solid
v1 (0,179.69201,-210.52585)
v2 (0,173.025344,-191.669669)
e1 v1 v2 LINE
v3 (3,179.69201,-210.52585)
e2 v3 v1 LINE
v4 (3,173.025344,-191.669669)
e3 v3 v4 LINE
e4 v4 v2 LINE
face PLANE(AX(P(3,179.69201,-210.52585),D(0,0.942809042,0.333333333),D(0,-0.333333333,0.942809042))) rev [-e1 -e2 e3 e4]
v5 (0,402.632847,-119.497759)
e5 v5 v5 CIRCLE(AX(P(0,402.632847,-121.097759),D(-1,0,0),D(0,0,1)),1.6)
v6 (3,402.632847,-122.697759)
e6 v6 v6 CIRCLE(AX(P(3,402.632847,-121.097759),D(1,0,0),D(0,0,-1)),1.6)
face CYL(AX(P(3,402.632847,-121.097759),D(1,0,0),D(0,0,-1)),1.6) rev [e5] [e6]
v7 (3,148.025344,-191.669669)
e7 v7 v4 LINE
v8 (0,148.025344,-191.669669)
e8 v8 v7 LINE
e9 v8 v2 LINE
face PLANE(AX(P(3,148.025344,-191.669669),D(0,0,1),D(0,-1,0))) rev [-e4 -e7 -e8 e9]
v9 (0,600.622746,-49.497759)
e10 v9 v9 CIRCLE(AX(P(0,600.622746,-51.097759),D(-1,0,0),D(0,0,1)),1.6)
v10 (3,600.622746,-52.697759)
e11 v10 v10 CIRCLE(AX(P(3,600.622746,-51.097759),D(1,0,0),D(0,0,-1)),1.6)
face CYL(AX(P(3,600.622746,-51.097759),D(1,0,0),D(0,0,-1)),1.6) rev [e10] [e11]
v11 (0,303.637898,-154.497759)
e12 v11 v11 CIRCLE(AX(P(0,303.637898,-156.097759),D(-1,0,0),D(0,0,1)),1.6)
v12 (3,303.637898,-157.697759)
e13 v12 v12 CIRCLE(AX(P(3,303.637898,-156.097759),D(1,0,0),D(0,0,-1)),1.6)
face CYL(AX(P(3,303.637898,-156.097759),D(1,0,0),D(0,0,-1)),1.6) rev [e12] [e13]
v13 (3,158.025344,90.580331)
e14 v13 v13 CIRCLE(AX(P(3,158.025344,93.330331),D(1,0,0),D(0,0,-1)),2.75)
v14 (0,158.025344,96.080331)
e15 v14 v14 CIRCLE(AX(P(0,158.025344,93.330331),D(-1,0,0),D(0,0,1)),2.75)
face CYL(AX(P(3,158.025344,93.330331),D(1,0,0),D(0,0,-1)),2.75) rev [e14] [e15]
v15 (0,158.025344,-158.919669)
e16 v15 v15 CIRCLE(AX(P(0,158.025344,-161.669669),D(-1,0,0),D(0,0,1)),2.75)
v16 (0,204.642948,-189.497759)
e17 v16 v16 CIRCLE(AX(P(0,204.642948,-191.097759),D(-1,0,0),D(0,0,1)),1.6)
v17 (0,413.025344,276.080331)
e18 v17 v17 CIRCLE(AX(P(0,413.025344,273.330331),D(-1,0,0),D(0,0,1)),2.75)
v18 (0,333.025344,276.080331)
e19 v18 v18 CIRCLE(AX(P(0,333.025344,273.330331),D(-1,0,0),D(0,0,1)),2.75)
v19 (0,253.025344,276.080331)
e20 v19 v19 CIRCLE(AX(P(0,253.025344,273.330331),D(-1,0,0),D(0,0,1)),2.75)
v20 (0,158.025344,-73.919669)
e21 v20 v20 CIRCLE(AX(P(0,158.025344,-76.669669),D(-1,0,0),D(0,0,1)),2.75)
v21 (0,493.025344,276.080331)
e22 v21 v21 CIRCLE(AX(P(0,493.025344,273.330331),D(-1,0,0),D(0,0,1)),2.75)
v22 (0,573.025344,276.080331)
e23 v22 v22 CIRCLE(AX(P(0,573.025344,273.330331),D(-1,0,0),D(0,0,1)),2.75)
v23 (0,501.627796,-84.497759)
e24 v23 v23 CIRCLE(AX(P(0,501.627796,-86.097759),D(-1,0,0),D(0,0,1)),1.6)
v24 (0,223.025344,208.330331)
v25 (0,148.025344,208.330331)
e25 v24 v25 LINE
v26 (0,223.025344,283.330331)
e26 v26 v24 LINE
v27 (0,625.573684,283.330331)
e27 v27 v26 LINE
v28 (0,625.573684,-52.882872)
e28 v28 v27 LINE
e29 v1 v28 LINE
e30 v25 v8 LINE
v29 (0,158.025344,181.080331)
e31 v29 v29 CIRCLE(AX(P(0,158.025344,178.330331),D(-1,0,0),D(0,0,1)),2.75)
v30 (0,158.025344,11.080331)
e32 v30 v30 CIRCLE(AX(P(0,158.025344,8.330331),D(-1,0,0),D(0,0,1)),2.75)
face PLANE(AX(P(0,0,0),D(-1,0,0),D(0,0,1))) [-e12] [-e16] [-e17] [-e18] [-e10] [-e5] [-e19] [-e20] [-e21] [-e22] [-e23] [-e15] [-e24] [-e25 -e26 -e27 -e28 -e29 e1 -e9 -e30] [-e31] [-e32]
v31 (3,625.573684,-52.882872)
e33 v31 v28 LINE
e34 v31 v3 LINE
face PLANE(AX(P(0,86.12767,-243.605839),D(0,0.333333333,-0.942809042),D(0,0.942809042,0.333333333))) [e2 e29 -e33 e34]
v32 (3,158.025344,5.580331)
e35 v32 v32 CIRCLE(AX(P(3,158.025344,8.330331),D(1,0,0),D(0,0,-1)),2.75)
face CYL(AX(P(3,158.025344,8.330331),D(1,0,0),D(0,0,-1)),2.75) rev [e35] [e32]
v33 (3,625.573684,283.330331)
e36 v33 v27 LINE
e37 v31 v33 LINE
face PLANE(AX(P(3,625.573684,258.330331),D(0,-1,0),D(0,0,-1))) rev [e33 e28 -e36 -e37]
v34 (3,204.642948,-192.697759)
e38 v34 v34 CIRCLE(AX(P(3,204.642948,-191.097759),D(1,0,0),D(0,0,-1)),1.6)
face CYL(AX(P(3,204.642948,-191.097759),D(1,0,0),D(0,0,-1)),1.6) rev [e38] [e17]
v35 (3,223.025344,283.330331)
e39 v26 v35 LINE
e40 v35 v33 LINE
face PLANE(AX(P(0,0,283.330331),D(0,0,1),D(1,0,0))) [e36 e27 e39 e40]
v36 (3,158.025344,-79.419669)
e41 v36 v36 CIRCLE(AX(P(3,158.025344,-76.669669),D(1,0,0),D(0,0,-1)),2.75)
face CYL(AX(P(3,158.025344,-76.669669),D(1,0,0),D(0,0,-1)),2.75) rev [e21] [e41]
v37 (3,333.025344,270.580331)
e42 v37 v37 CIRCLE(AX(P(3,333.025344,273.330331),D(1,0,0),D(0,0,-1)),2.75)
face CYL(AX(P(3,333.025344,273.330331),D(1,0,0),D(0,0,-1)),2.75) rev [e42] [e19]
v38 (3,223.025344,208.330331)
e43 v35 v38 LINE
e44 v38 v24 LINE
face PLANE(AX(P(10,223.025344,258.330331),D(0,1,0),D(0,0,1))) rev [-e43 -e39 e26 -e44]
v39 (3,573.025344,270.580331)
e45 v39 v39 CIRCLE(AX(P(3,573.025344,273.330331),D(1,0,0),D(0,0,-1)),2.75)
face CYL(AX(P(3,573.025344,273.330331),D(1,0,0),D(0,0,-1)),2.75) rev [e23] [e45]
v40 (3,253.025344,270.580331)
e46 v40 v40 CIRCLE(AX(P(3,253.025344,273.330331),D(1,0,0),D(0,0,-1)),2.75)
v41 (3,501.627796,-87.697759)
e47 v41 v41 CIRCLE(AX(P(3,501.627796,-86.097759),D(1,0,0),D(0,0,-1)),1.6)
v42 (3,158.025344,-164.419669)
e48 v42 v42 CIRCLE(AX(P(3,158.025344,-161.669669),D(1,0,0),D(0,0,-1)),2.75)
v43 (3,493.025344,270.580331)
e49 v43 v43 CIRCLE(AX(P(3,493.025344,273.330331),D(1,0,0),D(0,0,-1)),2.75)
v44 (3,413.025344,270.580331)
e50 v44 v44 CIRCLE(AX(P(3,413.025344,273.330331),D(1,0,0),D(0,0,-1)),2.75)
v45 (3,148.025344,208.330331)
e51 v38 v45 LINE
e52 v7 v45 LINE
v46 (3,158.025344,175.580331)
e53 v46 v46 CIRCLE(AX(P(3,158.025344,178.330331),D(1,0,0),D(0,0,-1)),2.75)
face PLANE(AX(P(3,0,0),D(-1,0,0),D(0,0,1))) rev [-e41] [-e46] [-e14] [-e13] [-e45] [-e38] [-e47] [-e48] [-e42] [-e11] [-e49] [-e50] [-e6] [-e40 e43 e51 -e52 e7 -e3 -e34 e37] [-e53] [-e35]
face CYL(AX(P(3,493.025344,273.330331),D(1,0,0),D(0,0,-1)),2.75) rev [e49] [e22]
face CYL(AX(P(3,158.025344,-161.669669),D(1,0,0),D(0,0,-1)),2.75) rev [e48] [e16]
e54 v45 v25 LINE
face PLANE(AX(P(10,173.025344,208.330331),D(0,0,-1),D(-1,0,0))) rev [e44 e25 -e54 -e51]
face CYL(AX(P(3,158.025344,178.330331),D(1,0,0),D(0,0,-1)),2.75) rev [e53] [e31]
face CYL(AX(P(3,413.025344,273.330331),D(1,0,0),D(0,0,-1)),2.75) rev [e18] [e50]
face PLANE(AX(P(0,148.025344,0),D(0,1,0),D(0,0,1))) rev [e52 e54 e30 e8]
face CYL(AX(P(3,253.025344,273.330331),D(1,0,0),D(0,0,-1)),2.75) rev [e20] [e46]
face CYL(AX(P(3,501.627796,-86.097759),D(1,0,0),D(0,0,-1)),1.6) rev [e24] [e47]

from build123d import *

# Parameters (mm, degrees)
BOSS_EXTRUDE1_DEPTH        = 3
SKETCH2_W                  = 50
SKETCH2_H                  = 50
CUT_EXTRUDE1_DEPTH         = 10
SKETCH3_W                  = 3
SKETCH3_H                  = 480
BOSS_EXTRUDE2_DEPTH        = 20
SKETCH5_W                  = 3
SKETCH5_H                  = 400
BOSS_EXTRUDE3_DEPTH        = 25
SKETCH6_W                  = 3
SKETCH6_H                  = 402.54833996
BOSS_EXTRUDE4_DEPTH        = 25
SKETCH7_W                  = 25.200898878
SKETCH7_H                  = 14.317309472
CUT_EXTRUDE2_DEPTH         = 25
F_3_2_3_2_DIAMETER_HOLE1_D = 3.2
F_5_5_5_5_DIAMETER_HOLE1_D = 5.5


with BuildPart() as part:
    # Sketch1 → Boss-Extrude1 (new body)
    with BuildSketch(Plane(origin=(0, 0, 0), x_dir=(0, 0, -1), z_dir=(1, 0, 0))):
        Polygon((31.669668796, 625.573683549), (191.669668796, 173.025343589), (-258.330331204, 173.025343589), (-258.330331204, 625.573683549), align=None)
    extrude(amount=BOSS_EXTRUDE1_DEPTH)

    # Sketch2 → Cut-Extrude1 (cut)
    with BuildSketch(Plane.ZY):
        with Locations((233.330331204, 198.025343589)):
            Rectangle(SKETCH2_W, SKETCH2_H)
    extrude(amount=-CUT_EXTRUDE1_DEPTH, mode=Mode.SUBTRACT)

    # Sketch3 → Boss-Extrude2 (add)
    with BuildSketch(Plane(origin=(0, 79.461003756, -224.749658383), x_dir=(-1, 0, 0), z_dir=(0, 0.3333333333333335, -0.9428090415820635))):
        with Locations((-1.5, 339.23996876)):
            Rectangle(SKETCH3_W, SKETCH3_H)
    extrude(amount=BOSS_EXTRUDE2_DEPTH)

    # Sketch5 → Boss-Extrude3 (add)
    with BuildSketch(Plane.XZ.offset(-173.025343589)):
        with Locations((1.5, 8.330331204)):
            Rectangle(SKETCH5_W, SKETCH5_H)
    extrude(amount=BOSS_EXTRUDE3_DEPTH)

    # Sketch6 → Boss-Extrude4 (add)
    with BuildSketch(Plane.XY.offset(258.330331204)):
        with Locations((1.5, 424.299513569)):
            Rectangle(SKETCH6_W, SKETCH6_H)
    extrude(amount=BOSS_EXTRUDE4_DEPTH)

    # Sketch7 → Cut-Extrude2 (cut)
    with BuildSketch(Plane(origin=(3, 0, 0), x_dir=(0, 0, -1), z_dir=(1, 0, 0))):
        with Locations((44.270118235, 632.732338285)):
            Rectangle(SKETCH7_W, SKETCH7_H)
    extrude(amount=-CUT_EXTRUDE2_DEPTH, mode=Mode.SUBTRACT)

    # Ø3.2 (3.2) Diameter Hole1 (through all)
    with Locations(Plane(origin=(3, 0, 0), x_dir=(0, 0, -1), z_dir=(1, 0, 0))):
        with Locations((191.097759212, 204.64294817), (156.097759212, 303.637897536), (121.097759212, 402.632846902), (86.097759212, 501.627796268), (51.097759212, 600.622745635)):
            Hole(F_3_2_3_2_DIAMETER_HOLE1_D / 2)

    # Ø5.5 (5.5) Diameter Hole1 (through all)
    with Locations(Plane(origin=(3, 0, 0), x_dir=(0, 0, -1), z_dir=(1, 0, 0))):
        with Locations((161.669668796, 158.025343589), (76.669668796, 158.025343589), (-8.330331204, 158.025343589), (-93.330331204, 158.025343589), (-178.330331204, 158.025343589), (-273.330331204, 253.025343589), (-273.330331204, 333.025343589), (-273.330331204, 413.025343589), (-273.330331204, 493.025343589), (-273.330331204, 573.025343589)):
            Hole(F_5_5_5_5_DIAMETER_HOLE1_D / 2)


solid = part.part
